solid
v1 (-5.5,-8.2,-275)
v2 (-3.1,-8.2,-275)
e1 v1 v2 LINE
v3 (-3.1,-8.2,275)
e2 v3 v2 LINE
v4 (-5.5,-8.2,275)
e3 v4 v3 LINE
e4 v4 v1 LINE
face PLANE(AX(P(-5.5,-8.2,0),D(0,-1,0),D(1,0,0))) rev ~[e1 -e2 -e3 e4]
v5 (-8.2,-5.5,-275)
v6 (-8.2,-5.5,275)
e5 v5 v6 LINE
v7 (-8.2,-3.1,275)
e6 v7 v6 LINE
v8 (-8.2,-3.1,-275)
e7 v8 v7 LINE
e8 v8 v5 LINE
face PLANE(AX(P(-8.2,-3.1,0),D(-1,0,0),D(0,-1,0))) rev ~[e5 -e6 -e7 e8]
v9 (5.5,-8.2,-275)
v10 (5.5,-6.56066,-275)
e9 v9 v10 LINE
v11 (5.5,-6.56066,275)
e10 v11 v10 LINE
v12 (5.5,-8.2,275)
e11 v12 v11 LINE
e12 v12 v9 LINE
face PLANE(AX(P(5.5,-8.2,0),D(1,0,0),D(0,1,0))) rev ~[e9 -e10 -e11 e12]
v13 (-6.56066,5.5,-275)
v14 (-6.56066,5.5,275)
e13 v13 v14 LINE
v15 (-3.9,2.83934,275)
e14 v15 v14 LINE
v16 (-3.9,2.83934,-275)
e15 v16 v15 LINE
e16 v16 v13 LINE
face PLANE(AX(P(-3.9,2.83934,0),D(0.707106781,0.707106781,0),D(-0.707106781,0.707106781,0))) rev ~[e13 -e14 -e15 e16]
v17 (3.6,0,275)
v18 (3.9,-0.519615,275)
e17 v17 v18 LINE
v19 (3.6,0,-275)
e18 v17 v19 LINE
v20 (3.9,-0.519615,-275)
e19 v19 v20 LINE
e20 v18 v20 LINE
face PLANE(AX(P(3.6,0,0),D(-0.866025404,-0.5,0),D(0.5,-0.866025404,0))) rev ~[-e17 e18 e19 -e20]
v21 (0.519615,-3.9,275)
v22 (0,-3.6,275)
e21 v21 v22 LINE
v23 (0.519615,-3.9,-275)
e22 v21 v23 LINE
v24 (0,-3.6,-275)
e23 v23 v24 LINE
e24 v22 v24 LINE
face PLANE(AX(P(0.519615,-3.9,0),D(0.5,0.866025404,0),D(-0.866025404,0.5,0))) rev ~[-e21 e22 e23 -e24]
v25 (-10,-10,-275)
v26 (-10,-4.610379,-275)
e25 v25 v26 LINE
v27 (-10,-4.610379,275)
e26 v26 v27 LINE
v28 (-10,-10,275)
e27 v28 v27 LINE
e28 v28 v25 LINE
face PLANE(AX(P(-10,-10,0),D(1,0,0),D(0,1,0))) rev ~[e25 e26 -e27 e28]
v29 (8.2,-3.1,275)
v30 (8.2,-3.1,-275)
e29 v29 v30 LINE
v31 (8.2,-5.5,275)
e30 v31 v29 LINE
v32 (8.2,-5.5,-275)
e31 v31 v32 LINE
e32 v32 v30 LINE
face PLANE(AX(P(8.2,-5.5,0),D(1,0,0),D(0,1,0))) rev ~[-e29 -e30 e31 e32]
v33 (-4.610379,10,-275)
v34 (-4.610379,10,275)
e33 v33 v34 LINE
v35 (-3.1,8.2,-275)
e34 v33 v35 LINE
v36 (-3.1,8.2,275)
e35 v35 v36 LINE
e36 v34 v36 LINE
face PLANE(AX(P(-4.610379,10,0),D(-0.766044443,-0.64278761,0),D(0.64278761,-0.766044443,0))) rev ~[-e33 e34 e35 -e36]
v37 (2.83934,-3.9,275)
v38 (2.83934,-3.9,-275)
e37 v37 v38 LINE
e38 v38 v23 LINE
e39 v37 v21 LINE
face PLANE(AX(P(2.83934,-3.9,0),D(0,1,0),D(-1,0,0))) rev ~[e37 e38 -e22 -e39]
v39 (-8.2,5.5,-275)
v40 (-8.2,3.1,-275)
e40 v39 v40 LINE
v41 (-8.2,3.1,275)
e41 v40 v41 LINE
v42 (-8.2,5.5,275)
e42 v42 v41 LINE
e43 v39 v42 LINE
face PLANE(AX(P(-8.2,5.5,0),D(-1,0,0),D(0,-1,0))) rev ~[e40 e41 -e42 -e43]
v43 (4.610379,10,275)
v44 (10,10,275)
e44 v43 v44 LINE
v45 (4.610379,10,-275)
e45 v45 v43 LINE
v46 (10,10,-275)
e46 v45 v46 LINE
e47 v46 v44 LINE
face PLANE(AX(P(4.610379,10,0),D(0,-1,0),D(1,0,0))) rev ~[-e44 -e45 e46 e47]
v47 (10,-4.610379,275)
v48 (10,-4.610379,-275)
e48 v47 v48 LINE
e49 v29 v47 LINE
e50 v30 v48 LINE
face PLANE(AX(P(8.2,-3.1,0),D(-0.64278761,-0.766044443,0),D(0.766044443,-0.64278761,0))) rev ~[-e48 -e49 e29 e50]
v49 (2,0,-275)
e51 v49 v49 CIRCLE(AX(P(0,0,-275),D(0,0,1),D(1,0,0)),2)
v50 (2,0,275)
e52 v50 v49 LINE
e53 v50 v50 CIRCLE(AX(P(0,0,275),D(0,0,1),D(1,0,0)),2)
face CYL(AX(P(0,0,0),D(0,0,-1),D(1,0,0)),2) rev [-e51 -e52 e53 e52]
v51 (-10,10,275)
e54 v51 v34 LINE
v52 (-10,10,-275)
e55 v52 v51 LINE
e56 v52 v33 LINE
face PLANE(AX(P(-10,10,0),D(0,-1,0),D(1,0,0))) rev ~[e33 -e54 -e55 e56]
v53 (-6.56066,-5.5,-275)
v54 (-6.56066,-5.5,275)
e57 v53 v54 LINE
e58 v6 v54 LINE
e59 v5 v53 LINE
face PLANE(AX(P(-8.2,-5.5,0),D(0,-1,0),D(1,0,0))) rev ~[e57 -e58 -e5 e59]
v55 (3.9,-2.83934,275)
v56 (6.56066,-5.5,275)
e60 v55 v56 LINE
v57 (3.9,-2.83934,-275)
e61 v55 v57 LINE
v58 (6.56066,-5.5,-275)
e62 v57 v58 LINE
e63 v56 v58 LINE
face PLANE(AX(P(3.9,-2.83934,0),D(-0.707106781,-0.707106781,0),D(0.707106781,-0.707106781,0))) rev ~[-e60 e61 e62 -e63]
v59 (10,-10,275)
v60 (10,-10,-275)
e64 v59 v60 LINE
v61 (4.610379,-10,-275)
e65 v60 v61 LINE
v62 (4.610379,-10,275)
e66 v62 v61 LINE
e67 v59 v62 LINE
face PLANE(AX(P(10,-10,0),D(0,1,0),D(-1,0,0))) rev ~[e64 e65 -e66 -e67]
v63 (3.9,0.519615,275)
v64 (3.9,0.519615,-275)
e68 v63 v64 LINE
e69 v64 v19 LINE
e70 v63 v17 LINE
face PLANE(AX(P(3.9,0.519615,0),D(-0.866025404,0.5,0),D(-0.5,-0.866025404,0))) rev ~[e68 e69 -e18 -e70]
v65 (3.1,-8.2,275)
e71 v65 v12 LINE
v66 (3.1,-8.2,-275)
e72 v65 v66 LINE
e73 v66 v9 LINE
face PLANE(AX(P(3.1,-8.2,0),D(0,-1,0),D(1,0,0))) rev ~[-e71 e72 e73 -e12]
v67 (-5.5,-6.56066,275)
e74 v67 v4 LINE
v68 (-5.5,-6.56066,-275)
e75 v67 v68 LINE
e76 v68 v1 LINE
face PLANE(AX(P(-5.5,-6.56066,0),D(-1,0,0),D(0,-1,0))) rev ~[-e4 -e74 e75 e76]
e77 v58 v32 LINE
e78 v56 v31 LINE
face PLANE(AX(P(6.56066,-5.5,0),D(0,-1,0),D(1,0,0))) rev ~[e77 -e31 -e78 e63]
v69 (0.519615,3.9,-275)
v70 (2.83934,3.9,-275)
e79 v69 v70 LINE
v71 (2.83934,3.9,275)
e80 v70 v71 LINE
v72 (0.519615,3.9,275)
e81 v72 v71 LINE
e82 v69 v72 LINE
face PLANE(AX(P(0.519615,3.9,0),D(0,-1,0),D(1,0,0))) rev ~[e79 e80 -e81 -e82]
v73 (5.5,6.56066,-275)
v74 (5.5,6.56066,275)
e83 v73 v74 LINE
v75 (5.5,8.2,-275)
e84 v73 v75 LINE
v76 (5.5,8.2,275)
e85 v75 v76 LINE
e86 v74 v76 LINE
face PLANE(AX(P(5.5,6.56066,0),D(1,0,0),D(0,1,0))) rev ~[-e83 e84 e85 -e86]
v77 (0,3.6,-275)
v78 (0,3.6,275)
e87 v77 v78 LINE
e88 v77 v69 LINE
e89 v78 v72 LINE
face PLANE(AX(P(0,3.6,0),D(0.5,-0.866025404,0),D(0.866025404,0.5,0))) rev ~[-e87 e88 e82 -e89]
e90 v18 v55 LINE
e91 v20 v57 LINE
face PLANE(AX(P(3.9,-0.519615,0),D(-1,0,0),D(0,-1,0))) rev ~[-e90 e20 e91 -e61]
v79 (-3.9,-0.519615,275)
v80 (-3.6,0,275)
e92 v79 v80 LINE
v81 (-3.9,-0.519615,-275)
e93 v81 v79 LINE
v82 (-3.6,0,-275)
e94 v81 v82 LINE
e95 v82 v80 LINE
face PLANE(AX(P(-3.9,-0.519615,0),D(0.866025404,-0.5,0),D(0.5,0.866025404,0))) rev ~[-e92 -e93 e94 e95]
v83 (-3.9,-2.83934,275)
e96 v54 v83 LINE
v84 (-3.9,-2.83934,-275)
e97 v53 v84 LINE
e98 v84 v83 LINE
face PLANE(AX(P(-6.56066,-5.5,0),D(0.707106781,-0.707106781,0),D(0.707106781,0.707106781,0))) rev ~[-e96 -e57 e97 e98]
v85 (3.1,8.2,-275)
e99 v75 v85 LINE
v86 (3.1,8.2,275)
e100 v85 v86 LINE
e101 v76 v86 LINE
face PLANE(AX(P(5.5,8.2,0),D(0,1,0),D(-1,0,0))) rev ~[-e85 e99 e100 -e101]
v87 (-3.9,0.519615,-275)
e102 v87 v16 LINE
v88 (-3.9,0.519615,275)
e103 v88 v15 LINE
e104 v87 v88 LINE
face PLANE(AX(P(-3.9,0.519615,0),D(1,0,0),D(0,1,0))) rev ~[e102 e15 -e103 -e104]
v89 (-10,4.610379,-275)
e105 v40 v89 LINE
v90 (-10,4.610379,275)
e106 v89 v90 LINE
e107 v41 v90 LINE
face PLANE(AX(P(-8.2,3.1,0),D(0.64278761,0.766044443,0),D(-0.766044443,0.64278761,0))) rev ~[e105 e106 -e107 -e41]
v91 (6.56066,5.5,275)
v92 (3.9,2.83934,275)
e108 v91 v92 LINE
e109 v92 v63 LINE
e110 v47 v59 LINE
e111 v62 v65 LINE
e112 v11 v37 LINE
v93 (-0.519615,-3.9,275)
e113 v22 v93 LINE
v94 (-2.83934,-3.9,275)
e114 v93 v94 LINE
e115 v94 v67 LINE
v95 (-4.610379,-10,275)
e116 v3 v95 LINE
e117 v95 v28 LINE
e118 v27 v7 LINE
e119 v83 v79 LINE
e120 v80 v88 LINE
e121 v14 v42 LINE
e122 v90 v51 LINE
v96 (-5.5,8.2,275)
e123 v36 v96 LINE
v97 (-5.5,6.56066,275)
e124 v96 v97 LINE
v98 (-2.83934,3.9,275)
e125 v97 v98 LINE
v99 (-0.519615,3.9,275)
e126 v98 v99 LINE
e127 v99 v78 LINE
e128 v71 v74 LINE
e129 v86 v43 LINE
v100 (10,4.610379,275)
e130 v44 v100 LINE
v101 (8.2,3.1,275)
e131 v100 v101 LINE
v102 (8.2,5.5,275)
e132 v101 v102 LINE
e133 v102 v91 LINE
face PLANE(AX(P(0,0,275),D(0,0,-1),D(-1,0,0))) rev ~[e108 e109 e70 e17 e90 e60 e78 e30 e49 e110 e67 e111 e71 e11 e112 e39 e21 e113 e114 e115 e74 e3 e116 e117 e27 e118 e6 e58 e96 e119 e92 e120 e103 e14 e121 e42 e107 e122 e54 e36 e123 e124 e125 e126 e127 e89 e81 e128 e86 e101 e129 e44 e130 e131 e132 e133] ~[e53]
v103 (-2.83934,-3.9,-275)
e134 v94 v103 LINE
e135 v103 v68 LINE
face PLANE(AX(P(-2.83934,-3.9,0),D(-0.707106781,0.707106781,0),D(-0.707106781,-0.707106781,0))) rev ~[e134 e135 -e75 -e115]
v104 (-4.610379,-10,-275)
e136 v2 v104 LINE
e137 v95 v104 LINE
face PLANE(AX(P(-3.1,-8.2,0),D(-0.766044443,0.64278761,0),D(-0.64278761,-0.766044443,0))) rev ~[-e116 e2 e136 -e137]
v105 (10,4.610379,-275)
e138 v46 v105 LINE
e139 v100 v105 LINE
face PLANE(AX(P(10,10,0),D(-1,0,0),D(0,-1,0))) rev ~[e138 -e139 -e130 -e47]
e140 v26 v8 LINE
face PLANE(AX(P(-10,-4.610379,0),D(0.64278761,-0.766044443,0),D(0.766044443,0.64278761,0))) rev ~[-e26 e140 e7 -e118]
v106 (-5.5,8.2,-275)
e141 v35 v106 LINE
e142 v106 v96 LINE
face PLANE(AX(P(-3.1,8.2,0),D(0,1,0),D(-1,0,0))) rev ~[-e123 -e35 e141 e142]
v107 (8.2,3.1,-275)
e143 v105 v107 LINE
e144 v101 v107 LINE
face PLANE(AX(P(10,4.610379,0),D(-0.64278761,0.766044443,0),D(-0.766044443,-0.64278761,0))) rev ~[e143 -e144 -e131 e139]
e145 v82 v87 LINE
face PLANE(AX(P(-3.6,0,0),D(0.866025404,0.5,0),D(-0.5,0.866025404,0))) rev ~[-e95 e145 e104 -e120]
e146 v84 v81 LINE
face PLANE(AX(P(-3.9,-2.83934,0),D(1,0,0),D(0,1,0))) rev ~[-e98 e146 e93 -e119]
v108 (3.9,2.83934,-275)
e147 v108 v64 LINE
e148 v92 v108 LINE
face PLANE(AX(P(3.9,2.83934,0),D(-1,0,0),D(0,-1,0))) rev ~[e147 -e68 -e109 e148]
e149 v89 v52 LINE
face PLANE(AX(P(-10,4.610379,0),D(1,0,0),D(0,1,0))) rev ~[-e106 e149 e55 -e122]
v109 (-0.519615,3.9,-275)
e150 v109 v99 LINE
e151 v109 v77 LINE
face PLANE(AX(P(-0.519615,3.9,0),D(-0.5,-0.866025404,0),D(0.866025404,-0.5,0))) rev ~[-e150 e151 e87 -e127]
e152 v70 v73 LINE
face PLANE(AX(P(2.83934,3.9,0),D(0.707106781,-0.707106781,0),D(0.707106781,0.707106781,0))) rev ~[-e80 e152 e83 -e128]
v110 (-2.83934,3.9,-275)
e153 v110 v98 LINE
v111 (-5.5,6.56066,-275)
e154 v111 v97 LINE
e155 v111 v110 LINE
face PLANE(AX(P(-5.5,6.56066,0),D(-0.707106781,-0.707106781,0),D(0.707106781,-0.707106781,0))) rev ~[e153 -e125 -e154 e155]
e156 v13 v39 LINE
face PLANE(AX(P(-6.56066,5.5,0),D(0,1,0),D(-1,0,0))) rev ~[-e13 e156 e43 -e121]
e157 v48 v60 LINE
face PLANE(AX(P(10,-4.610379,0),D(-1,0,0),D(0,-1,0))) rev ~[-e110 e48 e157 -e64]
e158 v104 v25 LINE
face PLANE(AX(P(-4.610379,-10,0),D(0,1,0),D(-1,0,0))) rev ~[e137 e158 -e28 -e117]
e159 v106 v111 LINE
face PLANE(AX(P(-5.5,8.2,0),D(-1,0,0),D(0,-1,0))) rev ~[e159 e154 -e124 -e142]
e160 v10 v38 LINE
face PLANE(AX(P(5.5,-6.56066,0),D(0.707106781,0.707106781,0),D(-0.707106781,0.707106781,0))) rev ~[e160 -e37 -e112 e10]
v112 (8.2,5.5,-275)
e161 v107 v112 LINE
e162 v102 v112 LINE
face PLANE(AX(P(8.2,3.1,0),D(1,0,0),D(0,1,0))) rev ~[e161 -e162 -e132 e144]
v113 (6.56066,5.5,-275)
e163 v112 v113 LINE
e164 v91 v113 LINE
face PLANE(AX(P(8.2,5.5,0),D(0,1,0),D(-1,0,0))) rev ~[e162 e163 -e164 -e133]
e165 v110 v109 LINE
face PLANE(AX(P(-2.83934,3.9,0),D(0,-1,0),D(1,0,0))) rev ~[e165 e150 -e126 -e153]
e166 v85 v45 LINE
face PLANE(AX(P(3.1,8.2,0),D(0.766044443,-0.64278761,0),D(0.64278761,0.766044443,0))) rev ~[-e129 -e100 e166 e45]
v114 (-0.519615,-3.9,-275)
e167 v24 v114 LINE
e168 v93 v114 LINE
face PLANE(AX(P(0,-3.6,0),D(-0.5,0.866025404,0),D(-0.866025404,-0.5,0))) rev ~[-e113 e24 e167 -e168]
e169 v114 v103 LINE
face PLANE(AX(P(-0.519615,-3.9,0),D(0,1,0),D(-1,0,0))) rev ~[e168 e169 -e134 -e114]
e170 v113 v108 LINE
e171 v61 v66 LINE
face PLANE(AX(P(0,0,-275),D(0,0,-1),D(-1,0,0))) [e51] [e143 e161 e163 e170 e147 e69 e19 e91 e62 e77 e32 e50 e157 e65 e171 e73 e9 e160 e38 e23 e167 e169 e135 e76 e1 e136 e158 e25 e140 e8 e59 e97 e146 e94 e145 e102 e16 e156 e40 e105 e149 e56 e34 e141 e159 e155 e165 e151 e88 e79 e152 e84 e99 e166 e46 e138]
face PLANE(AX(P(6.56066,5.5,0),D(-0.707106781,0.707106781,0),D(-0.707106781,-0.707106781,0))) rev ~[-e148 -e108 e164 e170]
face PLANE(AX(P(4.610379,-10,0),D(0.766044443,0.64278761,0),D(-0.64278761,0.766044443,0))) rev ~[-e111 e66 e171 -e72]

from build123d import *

# Parameters (mm, degrees)
SKETCH1_R           = 2
BOSS_EXTRUDE1_DEPTH = 275


with BuildPart() as part:
    # Sketch1 → Boss-Extrude1 (new, symmetric)
    with BuildSketch(Plane.XY):
        Polygon((10, 10), (10, 4.610379336), (8.2, 3.1), (8.2, 5.5), (6.560660172, 5.5), (3.9, 2.839339828), (3.9, 0.519615242), (3.6, 0), (3.9, -0.519615242), (3.9, -2.839339828), (6.560660172, -5.5), (8.2, -5.5), (8.2, -3.1), (10, -4.610379336), (10, -10), (4.610379336, -10), (3.1, -8.2), (5.5, -8.2), (5.5, -6.560660172), (2.839339828, -3.9), (0.519615242, -3.9), (0, -3.6), (-0.519615242, -3.9), (-2.839339828, -3.9), (-5.5, -6.560660172), (-5.5, -8.2), (-3.1, -8.2), (-4.610379336, -10), (-10, -10), (-10, -4.610379336), (-8.2, -3.1), (-8.2, -5.5), (-6.560660172, -5.5), (-3.9, -2.839339828), (-3.9, -0.519615242), (-3.6, 0), (-3.9, 0.519615242), (-3.9, 2.839339828), (-6.560660172, 5.5), (-8.2, 5.5), (-8.2, 3.1), (-10, 4.610379336), (-10, 10), (-4.610379336, 10), (-3.1, 8.2), (-5.5, 8.2), (-5.5, 6.560660172), (-2.839339828, 3.9), (-0.519615242, 3.9), (0, 3.6), (0.519615242, 3.9), (2.839339828, 3.9), (5.5, 6.560660172), (5.5, 8.2), (3.1, 8.2), (4.610379336, 10), align=None)
        Circle(SKETCH1_R, mode=Mode.SUBTRACT)
    extrude(amount=BOSS_EXTRUDE1_DEPTH, both=True)


solid = part.part
